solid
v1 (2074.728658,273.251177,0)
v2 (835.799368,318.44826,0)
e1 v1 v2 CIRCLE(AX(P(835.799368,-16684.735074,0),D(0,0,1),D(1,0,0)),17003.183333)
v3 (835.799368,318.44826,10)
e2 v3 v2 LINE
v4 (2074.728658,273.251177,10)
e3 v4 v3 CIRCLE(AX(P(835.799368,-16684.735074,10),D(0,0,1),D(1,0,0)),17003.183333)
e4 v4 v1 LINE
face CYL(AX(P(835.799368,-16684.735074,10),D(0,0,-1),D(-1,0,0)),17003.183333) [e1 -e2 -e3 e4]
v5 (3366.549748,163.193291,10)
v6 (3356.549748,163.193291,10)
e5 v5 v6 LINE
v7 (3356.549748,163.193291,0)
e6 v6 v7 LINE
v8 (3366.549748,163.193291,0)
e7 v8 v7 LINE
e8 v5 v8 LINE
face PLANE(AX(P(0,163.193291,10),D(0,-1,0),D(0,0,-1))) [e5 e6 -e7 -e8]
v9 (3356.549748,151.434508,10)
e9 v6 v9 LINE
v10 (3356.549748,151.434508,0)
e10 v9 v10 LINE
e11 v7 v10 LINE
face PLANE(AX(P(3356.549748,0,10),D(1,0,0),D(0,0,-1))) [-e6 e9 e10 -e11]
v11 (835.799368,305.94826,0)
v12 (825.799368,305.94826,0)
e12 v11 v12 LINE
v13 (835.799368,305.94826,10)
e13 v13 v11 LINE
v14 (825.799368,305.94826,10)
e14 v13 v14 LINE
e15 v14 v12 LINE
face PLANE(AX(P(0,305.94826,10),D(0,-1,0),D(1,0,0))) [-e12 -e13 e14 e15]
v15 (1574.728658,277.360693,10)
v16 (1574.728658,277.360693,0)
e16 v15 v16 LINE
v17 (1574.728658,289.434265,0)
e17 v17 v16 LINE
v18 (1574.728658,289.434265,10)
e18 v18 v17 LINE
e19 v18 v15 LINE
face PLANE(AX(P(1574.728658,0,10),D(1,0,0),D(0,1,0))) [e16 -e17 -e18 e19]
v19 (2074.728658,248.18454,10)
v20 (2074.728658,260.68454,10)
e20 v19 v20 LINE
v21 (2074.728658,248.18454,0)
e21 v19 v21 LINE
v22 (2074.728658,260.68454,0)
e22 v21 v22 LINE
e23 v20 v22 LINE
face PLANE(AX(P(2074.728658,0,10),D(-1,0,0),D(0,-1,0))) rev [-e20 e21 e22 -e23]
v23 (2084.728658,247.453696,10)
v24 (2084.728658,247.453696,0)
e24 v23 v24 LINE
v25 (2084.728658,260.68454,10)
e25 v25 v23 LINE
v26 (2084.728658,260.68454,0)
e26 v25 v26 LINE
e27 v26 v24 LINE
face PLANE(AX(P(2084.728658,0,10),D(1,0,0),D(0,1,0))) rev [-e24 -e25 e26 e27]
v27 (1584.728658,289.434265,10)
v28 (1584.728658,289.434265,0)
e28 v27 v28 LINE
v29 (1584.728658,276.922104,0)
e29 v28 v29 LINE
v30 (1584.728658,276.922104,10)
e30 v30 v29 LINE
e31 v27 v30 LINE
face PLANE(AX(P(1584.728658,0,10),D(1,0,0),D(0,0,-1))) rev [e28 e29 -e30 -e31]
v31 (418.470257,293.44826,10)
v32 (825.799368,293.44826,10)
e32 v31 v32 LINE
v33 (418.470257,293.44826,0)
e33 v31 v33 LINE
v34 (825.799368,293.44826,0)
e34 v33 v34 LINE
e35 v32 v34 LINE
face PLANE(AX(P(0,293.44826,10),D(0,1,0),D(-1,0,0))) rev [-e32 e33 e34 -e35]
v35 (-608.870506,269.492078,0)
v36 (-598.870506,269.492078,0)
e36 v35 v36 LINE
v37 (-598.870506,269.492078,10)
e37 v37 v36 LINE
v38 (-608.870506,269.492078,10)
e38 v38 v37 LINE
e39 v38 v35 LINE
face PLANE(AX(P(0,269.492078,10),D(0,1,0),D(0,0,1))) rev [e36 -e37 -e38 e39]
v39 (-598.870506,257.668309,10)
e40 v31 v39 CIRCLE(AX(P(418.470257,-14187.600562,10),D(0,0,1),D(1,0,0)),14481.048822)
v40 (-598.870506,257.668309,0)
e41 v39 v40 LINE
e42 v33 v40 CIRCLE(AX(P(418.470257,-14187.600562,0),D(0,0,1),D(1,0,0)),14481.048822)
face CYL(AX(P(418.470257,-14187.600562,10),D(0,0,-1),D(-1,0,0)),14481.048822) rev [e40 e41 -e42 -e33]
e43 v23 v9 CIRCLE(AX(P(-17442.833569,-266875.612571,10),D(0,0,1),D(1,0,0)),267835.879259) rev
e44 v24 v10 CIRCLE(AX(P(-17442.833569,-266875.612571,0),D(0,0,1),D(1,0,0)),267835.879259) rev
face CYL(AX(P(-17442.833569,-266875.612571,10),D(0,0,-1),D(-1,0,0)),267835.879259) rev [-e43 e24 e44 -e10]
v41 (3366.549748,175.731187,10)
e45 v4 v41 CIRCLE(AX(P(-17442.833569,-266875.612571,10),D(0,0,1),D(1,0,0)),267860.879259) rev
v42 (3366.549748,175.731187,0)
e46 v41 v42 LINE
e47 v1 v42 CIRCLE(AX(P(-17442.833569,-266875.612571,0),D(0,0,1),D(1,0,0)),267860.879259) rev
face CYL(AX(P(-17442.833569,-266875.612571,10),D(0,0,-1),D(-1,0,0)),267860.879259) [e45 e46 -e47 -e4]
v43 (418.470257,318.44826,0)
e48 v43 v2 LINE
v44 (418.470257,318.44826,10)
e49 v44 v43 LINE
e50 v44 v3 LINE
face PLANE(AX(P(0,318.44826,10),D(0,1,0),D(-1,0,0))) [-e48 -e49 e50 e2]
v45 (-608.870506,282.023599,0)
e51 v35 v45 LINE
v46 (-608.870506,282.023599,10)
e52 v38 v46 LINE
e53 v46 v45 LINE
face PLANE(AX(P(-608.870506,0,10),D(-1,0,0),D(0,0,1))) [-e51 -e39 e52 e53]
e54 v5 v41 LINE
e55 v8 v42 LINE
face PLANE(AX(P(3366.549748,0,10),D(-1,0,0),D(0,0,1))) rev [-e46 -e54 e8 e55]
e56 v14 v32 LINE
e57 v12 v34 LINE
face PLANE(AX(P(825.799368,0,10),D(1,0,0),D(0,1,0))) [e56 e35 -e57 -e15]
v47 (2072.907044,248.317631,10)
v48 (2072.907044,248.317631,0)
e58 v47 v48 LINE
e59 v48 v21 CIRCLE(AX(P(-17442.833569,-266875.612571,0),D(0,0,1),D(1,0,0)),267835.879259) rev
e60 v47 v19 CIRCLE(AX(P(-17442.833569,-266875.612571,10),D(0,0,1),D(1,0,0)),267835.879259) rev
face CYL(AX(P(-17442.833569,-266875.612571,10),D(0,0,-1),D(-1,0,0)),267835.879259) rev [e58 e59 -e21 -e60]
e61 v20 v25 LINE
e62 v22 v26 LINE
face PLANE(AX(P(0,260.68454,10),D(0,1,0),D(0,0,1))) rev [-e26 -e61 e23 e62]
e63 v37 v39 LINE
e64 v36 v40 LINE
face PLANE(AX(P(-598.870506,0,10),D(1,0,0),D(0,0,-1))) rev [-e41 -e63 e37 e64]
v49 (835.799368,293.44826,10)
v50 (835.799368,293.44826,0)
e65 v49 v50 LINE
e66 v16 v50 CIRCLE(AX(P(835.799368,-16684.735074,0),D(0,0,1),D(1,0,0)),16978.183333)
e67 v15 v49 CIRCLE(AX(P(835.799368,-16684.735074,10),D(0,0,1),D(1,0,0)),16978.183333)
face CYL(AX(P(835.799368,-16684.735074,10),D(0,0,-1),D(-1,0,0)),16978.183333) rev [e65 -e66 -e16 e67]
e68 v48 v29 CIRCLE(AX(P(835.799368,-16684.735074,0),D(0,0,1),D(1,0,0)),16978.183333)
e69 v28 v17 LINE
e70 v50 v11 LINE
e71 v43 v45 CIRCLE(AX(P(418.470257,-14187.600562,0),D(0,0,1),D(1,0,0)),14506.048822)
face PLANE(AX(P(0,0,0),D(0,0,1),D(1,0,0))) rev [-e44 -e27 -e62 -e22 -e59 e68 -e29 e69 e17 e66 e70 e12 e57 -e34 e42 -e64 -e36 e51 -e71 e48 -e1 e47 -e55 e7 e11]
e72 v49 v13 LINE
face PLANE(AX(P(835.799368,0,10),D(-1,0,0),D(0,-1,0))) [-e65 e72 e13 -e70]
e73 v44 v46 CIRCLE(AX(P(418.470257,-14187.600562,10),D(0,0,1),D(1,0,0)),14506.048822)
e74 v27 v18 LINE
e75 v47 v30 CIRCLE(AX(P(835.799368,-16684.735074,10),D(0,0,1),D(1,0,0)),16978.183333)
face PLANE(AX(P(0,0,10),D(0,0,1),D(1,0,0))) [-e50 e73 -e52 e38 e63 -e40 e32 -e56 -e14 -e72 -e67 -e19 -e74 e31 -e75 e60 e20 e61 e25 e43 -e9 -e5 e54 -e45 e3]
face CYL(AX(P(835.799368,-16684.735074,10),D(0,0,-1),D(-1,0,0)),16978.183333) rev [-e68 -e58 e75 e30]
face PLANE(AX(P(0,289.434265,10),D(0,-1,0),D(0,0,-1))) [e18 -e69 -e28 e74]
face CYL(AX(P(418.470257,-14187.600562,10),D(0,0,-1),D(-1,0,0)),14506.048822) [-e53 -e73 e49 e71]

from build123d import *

# Parameters (mm, degrees)
BOSS_EXTRUDE1_DEPTH = 10


with BuildPart() as part:
    # Sketch1 → Boss-Extrude1 (new body)
    with BuildSketch(Plane.XY):
        with BuildLine():
            Line((-608.870505757, 282.023599337), (-608.870505757, 269.49207832))
            Line((-608.870505757, 269.49207832), (-598.870505757, 269.49207832))
            Line((-598.870505757, 269.49207832), (-598.870505757, 257.668308621))
            ThreePointArc((-598.870505757, 257.668308621), (-90.514623069, 284.500507433), (418.470256952, 293.448259545))
            Line((418.470256952, 293.448259545), (825.79936838, 293.448259545))
            Line((825.79936838, 293.448259545), (825.799368379, 305.948259545))
            Line((825.799368379, 305.948259545), (835.799368379, 305.948259545))
            Line((835.799368379, 305.948259545), (835.799368381, 293.448259545))
            ThreePointArc((835.799368381, 293.448259545), (1133.661186166, 290.835244695), (1431.431319542, 282.997004454))
            ThreePointArc((1431.431319542, 282.997004454), (1503.085939586, 280.330146604), (1574.728657642, 277.360693119))
            Line((1574.728657642, 277.360693119), (1574.728657641, 289.434265214))
            Line((1574.728657641, 289.434265214), (1584.728657641, 289.434265214))
            Line((1584.728657641, 289.434265214), (1584.728657641, 276.922104092))
            ThreePointArc((1584.728657641, 276.922104092), (1641.039746916, 274.342060096), (1697.341959691, 271.575069153))
            ThreePointArc((1697.341959691, 271.575069153), (1885.188935099, 260.986829911), (2072.907043911, 248.31763089))
            ThreePointArc((2072.907043911, 248.31763089), (2073.81785089, 248.251086909), (2074.728657642, 248.184539822))
            Line((2074.728657642, 248.184539822), (2074.728657641, 260.684539822))
            Line((2074.728657641, 260.684539822), (2084.728657641, 260.684539822))
            Line((2084.728657641, 260.684539822), (2084.728657642, 247.453695579))
            ThreePointArc((2084.728657642, 247.453695579), (2720.696358676, 200.201158042), (3356.549748161, 151.43450813))
            Line((3356.549748161, 151.43450813), (3356.549748161, 163.1932914))
            Line((3356.549748161, 163.1932914), (3366.549748161, 163.1932914))
            Line((3366.549748161, 163.1932914), (3366.549748161, 175.731187268))
            ThreePointArc((3366.549748161, 175.731187268), (2720.698159353, 225.272162423), (2074.728657642, 273.251177036))
            ThreePointArc((2074.728657642, 273.251177036), (1886.73413806, 285.939031173), (1698.61056213, 296.542861364))
            ThreePointArc((1698.61056213, 296.542861364), (1267.343978626, 312.97102781), (835.79936838, 318.448259545))
            Line((835.79936838, 318.448259545), (418.470256952, 318.448259545))
            ThreePointArc((418.470256952, 318.448259545), (-95.522884684, 309.339234502), (-608.870505757, 282.023599337))
        make_face()
    extrude(amount=BOSS_EXTRUDE1_DEPTH)


solid = part.part
